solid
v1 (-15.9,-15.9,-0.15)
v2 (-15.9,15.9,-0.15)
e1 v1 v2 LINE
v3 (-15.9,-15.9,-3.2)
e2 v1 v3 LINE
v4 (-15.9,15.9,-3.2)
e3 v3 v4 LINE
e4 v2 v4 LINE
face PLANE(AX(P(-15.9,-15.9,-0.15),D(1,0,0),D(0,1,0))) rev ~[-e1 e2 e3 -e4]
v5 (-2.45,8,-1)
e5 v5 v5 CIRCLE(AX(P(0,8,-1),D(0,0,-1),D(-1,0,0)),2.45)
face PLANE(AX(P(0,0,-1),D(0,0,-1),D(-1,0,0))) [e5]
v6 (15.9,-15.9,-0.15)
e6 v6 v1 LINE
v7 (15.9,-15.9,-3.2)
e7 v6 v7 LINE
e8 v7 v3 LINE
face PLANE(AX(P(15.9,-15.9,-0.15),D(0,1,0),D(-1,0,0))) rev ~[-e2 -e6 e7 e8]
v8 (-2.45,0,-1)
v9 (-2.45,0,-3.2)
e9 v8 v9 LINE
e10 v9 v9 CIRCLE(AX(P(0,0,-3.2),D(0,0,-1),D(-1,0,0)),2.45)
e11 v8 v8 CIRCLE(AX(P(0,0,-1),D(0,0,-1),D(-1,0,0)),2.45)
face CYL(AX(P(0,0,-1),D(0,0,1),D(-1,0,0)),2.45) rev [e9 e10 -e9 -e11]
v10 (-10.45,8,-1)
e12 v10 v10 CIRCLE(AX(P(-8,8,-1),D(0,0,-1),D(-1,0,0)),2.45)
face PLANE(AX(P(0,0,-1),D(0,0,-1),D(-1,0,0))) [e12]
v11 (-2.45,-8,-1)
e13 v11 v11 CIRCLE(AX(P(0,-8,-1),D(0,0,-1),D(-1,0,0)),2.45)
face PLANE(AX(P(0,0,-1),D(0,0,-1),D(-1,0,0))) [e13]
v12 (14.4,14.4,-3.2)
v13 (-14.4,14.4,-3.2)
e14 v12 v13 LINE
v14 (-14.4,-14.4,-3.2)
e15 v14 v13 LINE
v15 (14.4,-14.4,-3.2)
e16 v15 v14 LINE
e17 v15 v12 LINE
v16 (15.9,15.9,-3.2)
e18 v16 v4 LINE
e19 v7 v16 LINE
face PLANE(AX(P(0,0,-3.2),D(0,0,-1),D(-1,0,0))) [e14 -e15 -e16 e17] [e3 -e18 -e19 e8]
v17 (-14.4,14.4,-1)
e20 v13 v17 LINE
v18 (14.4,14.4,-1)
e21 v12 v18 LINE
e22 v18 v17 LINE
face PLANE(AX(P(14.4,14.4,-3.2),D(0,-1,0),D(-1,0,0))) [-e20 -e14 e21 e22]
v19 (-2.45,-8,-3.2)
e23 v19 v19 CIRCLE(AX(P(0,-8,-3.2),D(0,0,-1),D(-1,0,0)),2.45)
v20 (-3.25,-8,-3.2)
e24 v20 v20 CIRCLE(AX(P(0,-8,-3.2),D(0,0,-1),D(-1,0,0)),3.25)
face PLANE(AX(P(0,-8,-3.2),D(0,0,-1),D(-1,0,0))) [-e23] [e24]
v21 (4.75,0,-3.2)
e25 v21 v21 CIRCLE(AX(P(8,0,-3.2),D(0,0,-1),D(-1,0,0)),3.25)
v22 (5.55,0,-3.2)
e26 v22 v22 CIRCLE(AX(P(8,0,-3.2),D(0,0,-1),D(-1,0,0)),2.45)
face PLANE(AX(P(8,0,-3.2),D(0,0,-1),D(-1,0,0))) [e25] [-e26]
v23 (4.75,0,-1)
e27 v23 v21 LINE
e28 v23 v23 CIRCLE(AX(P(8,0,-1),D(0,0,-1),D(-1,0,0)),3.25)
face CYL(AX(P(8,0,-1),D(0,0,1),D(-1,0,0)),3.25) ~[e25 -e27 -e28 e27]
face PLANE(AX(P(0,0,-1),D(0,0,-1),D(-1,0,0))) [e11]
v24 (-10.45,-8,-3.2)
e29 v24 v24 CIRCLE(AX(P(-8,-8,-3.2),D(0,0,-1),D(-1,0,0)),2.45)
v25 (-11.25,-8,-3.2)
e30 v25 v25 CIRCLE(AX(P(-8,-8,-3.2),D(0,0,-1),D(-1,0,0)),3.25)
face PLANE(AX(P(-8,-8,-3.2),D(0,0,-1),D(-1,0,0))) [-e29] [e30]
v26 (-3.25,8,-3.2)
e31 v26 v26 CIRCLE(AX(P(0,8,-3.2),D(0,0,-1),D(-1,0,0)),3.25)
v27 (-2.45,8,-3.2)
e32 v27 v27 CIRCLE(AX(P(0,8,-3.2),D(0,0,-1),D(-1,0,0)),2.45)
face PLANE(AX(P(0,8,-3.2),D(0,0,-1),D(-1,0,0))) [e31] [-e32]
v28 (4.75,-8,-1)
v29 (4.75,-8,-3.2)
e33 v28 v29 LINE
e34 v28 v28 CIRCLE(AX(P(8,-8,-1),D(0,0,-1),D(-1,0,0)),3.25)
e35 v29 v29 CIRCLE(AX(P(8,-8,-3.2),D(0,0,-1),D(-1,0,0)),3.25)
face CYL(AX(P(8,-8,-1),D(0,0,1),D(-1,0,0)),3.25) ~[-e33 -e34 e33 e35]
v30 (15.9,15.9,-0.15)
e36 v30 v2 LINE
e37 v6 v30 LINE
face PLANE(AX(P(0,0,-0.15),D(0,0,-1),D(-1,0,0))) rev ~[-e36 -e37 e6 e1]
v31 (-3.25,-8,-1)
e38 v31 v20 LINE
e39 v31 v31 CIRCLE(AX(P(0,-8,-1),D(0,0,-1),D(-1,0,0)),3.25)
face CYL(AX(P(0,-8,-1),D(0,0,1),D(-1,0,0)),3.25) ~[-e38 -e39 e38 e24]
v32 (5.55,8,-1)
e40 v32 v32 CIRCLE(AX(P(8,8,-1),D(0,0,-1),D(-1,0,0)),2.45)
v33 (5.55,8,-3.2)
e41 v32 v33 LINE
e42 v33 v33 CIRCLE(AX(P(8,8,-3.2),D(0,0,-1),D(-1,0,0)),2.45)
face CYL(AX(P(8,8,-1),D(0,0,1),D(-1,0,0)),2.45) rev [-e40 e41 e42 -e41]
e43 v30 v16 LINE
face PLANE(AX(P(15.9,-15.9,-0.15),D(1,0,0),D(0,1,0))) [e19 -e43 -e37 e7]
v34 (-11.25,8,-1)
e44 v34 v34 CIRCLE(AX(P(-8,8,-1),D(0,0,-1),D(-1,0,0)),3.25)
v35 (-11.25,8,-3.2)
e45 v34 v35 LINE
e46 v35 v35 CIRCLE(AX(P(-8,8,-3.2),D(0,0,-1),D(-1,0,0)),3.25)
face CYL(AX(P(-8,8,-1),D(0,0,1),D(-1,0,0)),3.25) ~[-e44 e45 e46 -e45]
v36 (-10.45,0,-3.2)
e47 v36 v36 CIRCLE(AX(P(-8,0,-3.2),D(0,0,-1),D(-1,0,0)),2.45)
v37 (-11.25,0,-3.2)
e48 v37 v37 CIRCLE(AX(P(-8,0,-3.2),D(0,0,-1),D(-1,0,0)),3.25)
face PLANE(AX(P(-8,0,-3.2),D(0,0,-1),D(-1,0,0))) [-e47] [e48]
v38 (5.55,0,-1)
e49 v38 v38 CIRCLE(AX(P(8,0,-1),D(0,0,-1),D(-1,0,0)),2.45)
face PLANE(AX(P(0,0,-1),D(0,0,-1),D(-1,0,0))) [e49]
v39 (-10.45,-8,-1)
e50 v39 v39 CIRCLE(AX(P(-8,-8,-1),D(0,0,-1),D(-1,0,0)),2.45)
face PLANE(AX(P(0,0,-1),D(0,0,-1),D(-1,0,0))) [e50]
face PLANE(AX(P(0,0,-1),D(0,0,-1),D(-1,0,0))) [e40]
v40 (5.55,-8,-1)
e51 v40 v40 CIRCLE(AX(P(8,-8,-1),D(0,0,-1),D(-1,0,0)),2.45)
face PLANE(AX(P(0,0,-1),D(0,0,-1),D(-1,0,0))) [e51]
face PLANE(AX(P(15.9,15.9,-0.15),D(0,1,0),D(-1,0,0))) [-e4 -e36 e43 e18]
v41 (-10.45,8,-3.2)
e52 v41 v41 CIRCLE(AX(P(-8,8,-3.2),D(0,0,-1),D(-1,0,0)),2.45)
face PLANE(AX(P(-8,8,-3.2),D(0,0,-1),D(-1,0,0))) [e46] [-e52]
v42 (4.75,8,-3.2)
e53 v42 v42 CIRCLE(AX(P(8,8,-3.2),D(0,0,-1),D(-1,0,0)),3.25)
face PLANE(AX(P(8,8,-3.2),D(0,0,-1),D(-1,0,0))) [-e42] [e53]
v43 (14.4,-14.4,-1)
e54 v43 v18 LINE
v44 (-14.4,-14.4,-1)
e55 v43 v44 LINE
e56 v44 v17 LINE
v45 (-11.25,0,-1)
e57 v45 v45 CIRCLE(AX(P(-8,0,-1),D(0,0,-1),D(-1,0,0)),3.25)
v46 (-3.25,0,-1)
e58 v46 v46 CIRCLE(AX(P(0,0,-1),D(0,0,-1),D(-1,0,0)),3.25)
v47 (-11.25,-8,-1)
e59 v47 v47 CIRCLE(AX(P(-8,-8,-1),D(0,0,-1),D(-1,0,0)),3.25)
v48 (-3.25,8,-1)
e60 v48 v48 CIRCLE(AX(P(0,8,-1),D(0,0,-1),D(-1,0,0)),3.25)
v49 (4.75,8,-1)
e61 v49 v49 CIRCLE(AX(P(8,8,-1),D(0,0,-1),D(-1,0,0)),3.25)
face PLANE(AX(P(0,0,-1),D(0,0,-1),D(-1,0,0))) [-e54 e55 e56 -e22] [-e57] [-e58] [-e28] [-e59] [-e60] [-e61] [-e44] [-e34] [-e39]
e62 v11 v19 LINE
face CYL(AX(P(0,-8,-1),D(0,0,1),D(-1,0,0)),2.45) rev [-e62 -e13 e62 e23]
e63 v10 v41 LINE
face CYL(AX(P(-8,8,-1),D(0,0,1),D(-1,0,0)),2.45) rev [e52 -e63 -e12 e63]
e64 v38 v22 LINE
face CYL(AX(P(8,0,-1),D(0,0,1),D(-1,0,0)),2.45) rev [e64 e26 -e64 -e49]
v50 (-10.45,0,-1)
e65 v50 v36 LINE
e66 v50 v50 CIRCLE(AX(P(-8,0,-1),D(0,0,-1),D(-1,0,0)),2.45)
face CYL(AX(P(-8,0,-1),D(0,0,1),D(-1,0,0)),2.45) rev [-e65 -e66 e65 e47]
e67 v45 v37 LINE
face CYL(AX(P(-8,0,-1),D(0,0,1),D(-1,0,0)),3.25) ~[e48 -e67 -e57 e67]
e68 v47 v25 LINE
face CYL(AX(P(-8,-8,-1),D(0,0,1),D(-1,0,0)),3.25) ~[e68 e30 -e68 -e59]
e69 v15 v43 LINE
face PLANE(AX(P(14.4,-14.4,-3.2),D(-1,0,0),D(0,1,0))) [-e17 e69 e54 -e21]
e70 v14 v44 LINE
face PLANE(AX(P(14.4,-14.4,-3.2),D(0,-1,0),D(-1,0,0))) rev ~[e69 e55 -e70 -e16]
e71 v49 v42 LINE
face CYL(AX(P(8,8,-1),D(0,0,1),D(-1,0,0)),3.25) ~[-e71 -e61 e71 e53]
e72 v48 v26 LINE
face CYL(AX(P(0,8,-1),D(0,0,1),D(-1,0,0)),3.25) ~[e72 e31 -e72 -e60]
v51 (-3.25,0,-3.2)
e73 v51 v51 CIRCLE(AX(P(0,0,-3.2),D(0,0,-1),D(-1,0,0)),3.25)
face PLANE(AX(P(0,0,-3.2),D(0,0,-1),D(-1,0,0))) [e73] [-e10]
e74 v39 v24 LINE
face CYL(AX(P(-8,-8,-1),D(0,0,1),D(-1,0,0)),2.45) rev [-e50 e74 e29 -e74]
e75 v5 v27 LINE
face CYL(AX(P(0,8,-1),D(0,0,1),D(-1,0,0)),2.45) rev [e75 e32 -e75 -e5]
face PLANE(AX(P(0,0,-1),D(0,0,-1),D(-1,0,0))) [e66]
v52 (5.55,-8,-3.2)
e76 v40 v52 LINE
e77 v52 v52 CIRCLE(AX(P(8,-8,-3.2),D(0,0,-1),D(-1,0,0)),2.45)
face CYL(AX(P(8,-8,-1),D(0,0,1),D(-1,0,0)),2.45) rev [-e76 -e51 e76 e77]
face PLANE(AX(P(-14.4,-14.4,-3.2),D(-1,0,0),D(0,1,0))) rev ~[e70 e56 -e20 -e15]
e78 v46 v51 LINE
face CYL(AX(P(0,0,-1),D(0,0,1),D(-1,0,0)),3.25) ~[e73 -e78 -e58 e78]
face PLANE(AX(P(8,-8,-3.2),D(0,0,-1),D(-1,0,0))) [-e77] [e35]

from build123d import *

# Parameters (mm, degrees)
SKETCH021_W                      = 31.8
SKETCH021_H                      = 31.8
PAD014_DEPTH                     = 3.05
SKETCH022_W                      = 28.8
SKETCH022_H                      = 28.8
POCKET008_DEPTH                  = 2.2
SKETCH023_R                      = 3.25
SKETCH023_R_2                    = 2.45
PAD015_DEPTH                     = 2.2
SKETCH023_LINEARPATTERN002_2_R   = 3.25
SKETCH023_LINEARPATTERN002_2_R_2 = 2.45
PAD015_LINEARPATTERN002_2_DEPTH  = 2.2
SKETCH023_LINEARPATTERN002_3_R   = 3.25
SKETCH023_LINEARPATTERN002_3_R_2 = 2.45
PAD015_LINEARPATTERN002_3_DEPTH  = 2.2
LINEARPATTERN003_COUNT           = 3
LINEARPATTERN003_PITCH           = 8
BODY005_PLACEMENT_ANGLE          = 180


with BuildPart() as part:
    # Sketch021 → Pad014 (new body)
    with BuildSketch(Plane.XY):
        Rectangle(SKETCH021_W, SKETCH021_H)
    extrude(amount=PAD014_DEPTH)

    # Sketch022 (on Face6 of Pad014) → Pocket008 (cut)
    with BuildSketch(Plane.XY.offset(3.05)):
        Rectangle(SKETCH022_W, SKETCH022_H)
    extrude(amount=-POCKET008_DEPTH, mode=Mode.SUBTRACT)

    # Sketch023 (on Face11 of Pocket008) → Pad015 (join)
    with BuildSketch(Plane.XY.offset(0.85)):
        with Locations((8, 8)):
            Circle(SKETCH023_R)
        with Locations((8, 8)):
            Circle(SKETCH023_R_2, mode=Mode.SUBTRACT)
    pad015 = extrude(amount=PAD015_DEPTH)

    # Sketch023 LinearPattern002 2 → Pad015 LinearPattern002 2 (add)
    with BuildSketch(Plane(origin=(-8, 0, 0.85), x_dir=(1, 0, 0), z_dir=(0, 0, 1))):
        with Locations((8, 8)):
            Circle(SKETCH023_LINEARPATTERN002_2_R)
        with Locations((8, 8)):
            Circle(SKETCH023_LINEARPATTERN002_2_R_2, mode=Mode.SUBTRACT)
    pad015_linearpattern002_2 = extrude(amount=PAD015_LINEARPATTERN002_2_DEPTH)

    # Sketch023 LinearPattern002 3 → Pad015 LinearPattern002 3 (add)
    with BuildSketch(Plane(origin=(-16, 0, 0.85), x_dir=(1, 0, 0), z_dir=(0, 0, 1))):
        with Locations((8, 8)):
            Circle(SKETCH023_LINEARPATTERN002_3_R)
        with Locations((8, 8)):
            Circle(SKETCH023_LINEARPATTERN002_3_R_2, mode=Mode.SUBTRACT)
    pad015_linearpattern002_3 = extrude(amount=PAD015_LINEARPATTERN002_3_DEPTH)

    # LinearPattern003: Pad015, Pad015 LinearPattern002 2, Pad015 LinearPattern002 3 ×3
    with Locations(*[(0, -i * LINEARPATTERN003_PITCH, 0) for i in range(1, LINEARPATTERN003_COUNT)]):
        add(pad015)
        add(pad015_linearpattern002_2)
        add(pad015_linearpattern002_3)


with BuildPart() as part_1:
    # Body005 placement: moved
    add(part.part.moved(Location((0, 0, -0.15))).rotate(Axis((0, 0, -0.15), (0, 1, 0)), BODY005_PLACEMENT_ANGLE))


solid = part_1.part
